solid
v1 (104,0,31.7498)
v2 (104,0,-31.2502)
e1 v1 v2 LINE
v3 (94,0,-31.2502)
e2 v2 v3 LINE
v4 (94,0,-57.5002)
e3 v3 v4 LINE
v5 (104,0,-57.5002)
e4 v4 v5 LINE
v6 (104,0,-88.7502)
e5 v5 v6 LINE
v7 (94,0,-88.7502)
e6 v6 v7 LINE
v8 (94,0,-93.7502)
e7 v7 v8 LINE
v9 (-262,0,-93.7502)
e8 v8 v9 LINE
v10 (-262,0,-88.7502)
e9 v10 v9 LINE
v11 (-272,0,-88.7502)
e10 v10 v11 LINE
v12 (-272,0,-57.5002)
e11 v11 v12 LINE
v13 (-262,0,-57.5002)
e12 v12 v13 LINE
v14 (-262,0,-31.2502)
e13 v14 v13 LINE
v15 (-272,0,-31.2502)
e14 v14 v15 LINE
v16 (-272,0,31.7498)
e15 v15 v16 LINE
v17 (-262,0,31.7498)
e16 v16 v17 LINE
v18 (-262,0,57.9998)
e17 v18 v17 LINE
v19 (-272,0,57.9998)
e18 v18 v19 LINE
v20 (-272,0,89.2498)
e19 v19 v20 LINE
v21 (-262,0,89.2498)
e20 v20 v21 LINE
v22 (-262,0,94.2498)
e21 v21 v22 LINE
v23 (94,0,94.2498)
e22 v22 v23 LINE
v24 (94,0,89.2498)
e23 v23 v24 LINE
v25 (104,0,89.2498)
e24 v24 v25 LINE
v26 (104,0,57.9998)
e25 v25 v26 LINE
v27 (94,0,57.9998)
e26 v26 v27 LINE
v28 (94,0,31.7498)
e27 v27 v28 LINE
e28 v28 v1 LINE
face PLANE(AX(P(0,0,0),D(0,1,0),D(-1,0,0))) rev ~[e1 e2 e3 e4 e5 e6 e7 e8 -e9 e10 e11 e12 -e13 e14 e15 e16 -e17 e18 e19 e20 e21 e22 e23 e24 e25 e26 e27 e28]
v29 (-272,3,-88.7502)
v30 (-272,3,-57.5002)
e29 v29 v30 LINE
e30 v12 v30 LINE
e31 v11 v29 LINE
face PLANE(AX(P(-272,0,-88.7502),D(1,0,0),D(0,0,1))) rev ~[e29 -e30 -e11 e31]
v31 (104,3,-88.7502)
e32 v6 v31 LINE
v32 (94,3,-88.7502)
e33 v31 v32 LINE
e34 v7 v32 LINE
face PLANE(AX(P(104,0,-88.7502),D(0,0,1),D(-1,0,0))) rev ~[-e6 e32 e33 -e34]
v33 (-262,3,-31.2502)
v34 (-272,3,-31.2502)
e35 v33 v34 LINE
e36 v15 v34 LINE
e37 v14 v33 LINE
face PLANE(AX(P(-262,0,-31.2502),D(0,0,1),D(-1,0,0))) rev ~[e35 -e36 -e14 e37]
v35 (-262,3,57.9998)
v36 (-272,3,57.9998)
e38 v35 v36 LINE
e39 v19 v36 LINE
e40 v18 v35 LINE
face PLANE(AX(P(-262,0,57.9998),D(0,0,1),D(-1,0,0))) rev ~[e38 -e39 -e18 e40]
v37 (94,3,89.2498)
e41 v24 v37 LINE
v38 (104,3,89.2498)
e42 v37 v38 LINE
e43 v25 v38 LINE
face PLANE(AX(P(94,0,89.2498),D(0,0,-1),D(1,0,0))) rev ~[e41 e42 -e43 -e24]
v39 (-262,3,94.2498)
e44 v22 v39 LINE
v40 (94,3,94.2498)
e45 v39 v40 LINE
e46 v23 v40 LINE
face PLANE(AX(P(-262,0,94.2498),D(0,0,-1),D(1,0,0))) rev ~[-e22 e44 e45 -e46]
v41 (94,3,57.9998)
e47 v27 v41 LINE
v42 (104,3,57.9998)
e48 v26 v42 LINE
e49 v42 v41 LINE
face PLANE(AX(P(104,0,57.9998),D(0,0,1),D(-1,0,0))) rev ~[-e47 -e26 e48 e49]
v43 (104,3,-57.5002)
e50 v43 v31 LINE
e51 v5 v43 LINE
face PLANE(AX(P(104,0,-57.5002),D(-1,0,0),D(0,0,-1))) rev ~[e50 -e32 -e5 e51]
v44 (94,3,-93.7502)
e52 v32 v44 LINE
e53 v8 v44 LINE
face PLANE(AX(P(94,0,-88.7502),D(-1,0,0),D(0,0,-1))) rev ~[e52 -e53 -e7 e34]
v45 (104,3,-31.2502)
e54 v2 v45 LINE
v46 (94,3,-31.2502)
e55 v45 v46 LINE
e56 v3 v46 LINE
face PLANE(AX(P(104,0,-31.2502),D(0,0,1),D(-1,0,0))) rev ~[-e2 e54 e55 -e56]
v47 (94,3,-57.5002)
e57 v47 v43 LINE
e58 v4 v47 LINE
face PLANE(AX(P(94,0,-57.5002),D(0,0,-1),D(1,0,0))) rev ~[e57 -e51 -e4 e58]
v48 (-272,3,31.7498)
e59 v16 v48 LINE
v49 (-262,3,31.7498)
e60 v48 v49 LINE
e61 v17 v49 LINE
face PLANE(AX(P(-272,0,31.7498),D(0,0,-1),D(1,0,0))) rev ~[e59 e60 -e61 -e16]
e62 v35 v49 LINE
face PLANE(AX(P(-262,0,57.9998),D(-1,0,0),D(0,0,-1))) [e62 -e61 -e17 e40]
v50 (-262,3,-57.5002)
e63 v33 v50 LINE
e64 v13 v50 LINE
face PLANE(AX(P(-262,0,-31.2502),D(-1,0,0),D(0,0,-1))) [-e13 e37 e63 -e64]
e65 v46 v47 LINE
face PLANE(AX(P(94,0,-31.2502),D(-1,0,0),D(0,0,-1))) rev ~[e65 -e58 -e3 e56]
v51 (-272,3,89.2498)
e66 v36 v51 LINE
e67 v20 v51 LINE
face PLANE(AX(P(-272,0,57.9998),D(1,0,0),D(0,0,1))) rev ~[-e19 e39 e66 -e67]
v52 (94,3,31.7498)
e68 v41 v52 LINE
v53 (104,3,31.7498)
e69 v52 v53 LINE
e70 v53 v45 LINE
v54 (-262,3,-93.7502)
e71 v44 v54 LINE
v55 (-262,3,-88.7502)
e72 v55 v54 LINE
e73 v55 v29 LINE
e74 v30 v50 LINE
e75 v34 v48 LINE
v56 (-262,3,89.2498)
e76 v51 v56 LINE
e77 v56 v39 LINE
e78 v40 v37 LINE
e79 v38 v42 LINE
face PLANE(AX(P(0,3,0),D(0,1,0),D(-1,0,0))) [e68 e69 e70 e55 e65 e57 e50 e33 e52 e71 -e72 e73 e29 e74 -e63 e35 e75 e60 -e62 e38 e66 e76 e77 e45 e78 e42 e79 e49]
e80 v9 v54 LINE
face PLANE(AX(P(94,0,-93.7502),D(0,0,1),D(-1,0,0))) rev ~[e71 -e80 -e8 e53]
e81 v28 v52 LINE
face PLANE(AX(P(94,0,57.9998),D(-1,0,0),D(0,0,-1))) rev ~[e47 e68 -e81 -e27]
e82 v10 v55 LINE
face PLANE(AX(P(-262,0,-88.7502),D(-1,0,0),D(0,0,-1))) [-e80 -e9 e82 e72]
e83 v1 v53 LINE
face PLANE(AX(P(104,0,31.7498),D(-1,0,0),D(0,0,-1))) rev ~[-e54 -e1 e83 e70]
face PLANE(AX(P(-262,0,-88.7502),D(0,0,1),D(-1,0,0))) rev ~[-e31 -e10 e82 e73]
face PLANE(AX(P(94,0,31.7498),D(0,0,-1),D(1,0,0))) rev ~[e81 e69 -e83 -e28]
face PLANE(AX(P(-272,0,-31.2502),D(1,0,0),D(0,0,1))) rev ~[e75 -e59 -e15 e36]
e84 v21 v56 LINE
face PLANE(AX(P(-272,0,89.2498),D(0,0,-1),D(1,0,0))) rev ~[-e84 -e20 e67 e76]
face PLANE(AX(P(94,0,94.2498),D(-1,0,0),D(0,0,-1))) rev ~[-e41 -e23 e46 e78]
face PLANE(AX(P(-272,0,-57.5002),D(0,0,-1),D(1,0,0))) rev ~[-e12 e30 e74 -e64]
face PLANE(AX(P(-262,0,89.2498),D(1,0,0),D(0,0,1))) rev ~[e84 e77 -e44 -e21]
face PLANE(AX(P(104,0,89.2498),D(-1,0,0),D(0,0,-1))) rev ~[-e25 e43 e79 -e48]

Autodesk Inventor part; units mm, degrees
ref_plane "YZ Plane" through (0, 0, 0) normal (1, 0, 0) x (0, 1, 0)
ref_plane "XZ Plane" through (0, 0, 0) normal (0, 1, 0) x (-1, 0, 0)
ref_plane "XY Plane" through (0, 0, 0) normal (0, 0, 1) x (1, 0, 0)
sketch "Sketch1" plane through (0, 0, 0) normal (0, 1, 0) x (-1, 0, 0)
  line L0 (-94, -88.7502) -> (-94, -93.7502) projected
  line L1 (-104, -88.7502) -> (-94, -88.7502) projected
  line L2 (-104, -57.5002) -> (-104, -88.7502) projected
  line L3 (-94, -57.5002) -> (-104, -57.5002) projected
  line L4 (-94, -31.2502) -> (-94, -57.5002) projected
  line L5 (-104, -31.2502) -> (-94, -31.2502) projected
  line L6 (-104, 31.7498) -> (-104, -31.2502) projected
  line L7 (-94, 31.7498) -> (-104, 31.7498) projected
  line L8 (-94, 57.9998) -> (-94, 31.7498) projected
  line L9 (-104, 57.9998) -> (-94, 57.9998) projected
  line L10 (-104, 89.2498) -> (-104, 57.9998) projected
  line L11 (-94, 89.2498) -> (-104, 89.2498) projected
  line L12 (-94, 94.2498) -> (-94, 89.2498) projected
  line L13 (272, 57.9998) -> (272, 89.2498) projected
  line L14 (262, 57.9998) -> (272, 57.9998) projected
  line L15 (262, 57.9998) -> (262, 31.7498) projected
  line L16 (272, 31.7498) -> (262, 31.7498) projected
  line L17 (262, -31.2502) -> (272, -31.2502) projected
  line L18 (262, -31.2502) -> (262, -57.5002) projected
  line L19 (272, -57.5002) -> (262, -57.5002) projected
  line L20 (272, -88.7502) -> (272, -57.5002) projected
  line L21 (262, -88.7502) -> (272, -88.7502) projected
  line L22 (262, -88.7502) -> (262, -93.7502) projected
  line L23 (262, 89.2498) -> (262, 94.2498)
  line L24 (262, 94.2498) -> (-94, 94.2498) projected
  line L25 (-94, -93.7502) -> (262, -93.7502)
  line L26 (272, 89.2498) -> (262, 89.2498) projected
  line L27 (272, -31.2502) -> (272, 31.7498) projected
extrude "Extrusion1" add sketch "Sketch1" along normal blind 3
properties part number "board cover" material "Water"
